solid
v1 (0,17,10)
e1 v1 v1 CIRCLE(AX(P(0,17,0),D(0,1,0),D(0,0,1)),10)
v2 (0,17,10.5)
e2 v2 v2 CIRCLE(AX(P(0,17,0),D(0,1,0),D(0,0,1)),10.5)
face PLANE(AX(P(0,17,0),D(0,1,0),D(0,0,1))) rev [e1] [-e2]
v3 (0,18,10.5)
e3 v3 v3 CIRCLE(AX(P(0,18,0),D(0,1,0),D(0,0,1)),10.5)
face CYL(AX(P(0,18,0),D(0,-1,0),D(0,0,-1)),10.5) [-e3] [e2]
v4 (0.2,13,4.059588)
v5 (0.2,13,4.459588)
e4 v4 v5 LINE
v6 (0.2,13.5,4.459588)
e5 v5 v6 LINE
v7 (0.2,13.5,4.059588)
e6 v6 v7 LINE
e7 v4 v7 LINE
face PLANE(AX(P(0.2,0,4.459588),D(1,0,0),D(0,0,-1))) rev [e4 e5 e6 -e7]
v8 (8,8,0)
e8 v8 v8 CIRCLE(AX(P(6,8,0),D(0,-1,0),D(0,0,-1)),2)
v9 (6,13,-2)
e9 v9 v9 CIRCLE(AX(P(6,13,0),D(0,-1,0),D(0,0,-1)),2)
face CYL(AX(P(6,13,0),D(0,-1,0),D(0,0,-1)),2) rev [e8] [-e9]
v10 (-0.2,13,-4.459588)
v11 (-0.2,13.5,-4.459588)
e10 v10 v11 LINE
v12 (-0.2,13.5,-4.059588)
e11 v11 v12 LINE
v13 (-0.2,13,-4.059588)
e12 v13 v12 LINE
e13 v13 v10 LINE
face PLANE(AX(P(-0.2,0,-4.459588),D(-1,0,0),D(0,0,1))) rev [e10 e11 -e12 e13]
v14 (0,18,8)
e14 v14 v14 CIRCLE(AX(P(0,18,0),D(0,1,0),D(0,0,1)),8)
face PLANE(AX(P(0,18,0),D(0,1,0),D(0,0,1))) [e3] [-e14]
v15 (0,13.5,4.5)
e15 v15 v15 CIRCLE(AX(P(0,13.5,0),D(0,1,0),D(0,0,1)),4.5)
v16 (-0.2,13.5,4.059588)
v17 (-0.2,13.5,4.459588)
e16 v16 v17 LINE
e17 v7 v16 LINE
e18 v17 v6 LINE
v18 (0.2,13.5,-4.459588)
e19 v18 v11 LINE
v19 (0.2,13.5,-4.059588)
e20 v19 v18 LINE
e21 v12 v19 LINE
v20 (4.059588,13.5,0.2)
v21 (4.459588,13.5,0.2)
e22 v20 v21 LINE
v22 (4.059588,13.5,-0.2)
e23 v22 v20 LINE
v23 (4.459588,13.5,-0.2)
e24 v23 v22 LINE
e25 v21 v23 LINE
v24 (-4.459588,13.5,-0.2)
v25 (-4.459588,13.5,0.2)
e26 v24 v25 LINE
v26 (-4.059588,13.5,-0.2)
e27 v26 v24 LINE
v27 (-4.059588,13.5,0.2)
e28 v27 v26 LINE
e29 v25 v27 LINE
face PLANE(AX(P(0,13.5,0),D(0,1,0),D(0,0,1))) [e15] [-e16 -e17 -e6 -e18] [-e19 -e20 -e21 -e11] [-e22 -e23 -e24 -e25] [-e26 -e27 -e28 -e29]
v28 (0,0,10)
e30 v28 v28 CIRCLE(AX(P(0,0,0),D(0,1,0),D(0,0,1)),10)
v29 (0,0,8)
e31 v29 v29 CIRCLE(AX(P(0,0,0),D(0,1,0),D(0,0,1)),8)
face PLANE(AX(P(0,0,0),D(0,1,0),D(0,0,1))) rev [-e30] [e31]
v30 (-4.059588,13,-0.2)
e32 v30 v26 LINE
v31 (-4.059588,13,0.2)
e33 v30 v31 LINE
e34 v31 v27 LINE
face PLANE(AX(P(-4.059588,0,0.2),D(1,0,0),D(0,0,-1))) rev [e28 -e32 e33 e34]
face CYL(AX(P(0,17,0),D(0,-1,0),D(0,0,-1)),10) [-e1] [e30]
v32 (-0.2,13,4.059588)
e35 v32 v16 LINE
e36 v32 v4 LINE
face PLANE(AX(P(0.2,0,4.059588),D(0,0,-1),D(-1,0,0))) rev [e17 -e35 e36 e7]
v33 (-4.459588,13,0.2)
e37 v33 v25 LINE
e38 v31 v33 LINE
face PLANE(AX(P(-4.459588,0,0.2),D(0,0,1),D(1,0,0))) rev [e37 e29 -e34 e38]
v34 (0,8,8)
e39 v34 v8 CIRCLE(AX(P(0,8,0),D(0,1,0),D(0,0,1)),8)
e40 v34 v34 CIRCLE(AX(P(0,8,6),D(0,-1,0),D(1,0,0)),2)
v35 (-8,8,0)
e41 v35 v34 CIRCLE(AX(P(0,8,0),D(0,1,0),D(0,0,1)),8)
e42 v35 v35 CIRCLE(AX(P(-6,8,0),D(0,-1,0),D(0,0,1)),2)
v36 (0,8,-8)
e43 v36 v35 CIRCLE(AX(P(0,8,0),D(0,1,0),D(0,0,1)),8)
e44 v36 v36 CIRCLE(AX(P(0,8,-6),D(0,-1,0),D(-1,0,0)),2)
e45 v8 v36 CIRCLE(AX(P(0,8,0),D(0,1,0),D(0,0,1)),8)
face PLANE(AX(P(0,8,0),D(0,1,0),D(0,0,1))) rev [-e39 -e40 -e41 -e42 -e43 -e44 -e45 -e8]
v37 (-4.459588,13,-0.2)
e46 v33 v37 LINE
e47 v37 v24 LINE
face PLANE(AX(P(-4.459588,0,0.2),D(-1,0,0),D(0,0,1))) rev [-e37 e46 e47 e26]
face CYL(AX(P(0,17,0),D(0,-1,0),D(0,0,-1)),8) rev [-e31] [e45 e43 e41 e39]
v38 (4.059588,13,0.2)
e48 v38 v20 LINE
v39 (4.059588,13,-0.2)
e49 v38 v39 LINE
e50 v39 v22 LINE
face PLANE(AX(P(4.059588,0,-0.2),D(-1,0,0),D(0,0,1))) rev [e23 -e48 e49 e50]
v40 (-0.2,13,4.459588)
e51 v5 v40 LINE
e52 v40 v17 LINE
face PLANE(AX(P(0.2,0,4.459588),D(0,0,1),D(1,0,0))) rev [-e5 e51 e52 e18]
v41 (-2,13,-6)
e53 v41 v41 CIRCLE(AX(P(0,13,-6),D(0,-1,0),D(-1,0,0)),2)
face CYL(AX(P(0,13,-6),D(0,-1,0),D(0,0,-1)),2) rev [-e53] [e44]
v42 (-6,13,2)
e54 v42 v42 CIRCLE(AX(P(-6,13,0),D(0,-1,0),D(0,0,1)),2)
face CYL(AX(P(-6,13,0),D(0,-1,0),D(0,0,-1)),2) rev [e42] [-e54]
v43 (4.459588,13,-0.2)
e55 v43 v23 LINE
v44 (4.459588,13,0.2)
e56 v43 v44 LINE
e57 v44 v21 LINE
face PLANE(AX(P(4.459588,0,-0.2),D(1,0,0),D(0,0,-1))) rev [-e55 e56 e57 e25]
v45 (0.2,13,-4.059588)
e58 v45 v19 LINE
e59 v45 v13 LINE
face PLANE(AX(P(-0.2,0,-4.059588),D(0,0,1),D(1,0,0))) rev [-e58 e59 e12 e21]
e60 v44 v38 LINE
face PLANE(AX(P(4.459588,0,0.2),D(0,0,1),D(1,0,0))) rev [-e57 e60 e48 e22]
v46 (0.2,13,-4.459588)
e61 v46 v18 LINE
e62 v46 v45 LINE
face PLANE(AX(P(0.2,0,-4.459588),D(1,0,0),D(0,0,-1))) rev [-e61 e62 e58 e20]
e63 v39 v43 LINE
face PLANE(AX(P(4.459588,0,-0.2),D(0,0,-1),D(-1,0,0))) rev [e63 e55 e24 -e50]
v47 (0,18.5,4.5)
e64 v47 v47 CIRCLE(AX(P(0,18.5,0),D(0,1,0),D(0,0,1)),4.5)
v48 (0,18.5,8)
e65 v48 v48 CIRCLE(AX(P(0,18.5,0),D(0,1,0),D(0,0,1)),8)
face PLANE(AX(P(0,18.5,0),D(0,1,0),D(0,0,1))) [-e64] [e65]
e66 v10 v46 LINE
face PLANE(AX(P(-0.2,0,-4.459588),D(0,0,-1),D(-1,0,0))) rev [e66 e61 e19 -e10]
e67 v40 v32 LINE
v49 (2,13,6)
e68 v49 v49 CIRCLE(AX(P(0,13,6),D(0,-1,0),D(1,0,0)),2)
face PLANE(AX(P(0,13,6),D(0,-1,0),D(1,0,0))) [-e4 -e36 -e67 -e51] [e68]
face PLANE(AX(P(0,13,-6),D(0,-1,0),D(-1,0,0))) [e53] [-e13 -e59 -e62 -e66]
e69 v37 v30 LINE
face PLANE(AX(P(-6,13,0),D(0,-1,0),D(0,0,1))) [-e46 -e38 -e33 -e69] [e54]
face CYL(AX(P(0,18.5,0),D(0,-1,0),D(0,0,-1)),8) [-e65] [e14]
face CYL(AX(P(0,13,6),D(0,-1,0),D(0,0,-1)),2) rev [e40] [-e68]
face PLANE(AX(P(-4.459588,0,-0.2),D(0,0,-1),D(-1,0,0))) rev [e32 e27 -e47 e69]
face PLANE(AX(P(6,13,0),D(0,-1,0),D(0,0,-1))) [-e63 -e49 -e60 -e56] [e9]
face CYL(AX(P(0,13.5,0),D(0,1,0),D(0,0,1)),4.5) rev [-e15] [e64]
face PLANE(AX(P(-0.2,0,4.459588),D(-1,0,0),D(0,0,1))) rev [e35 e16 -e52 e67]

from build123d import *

# Parameters (mm, degrees)
SKETCH1_R          = 10
SKETCH1_R_2        = 8
EXTRUDE1_DEPTH     = 17
EXTRUDE3_START     = -9
SKETCH2_R          = 8
EXTRUDE3_DEPTH     = 10.5
SKETCH3_R          = 10.5
EXTRUDE4_DEPTH     = 1
SKETCH4_R          = 4.5
CUT_EXTRUDE1_DEPTH = 5
SKETCH6_R          = 2
CUT_EXTRUDE4_DEPTH = 5
CIRPATTERN1_COUNT  = 4
SKETCH7_W          = 0.4
SKETCH7_H          = 0.4
CUT_EXTRUDE5_DEPTH = 14.5
CIRPATTERN2_COUNT  = 4


with BuildPart() as part:
    # Sketch1 → Extrude1 (new body)
    with BuildSketch(Plane(origin=(0, 0, 0), x_dir=(1, 0, 0), z_dir=(0, 1, 0))):
        Circle(SKETCH1_R)
        Circle(SKETCH1_R_2, mode=Mode.SUBTRACT)
    extrude(amount=EXTRUDE1_DEPTH)

    # Sketch2 → Extrude3 (add)
    with BuildSketch(Plane(origin=(0, 17, 0), x_dir=(-1, 0, 0), z_dir=(0, 1, 0)).offset(EXTRUDE3_START)):
        Circle(SKETCH2_R)
    extrude(amount=EXTRUDE3_DEPTH)

    # Sketch3 → Extrude4 (add)
    with BuildSketch(Plane(origin=(0, 17, 0), x_dir=(-1, 0, 0), z_dir=(0, 1, 0))):
        Circle(SKETCH3_R)
    extrude(amount=EXTRUDE4_DEPTH)

    # Sketch4 → Cut-Extrude1 (cut)
    with BuildSketch(Plane(origin=(0, 18.5, 0), x_dir=(-1, 0, 0), z_dir=(0, 1, 0))):
        Circle(SKETCH4_R)
    extrude(amount=-CUT_EXTRUDE1_DEPTH, mode=Mode.SUBTRACT)

    # Sketch6 → Cut-Extrude4 (cut)
    with BuildSketch(Plane.XZ.offset(-8)):
        with Locations((6, 0)):
            Circle(SKETCH6_R)
    cut_extrude4 = extrude(amount=-CUT_EXTRUDE4_DEPTH, mode=Mode.SUBTRACT)

    # CirPattern1: Cut-Extrude4 ×4 about axis
    cirpattern1_axis = Axis((0, 0, 0), (0, 1, 0))
    for i in range(1, CIRPATTERN1_COUNT):
        add(cut_extrude4.rotate(cirpattern1_axis, i * 360 / CIRPATTERN1_COUNT), mode=Mode.SUBTRACT)

    # Sketch7 → Cut-Extrude5 (cut, through all)
    with BuildSketch(Plane(origin=(0, 13.5, 0), x_dir=(-1, 0, 0), z_dir=(0, 1, 0))):
        with Locations((-4.259587971, 0)):
            Rectangle(SKETCH7_W, SKETCH7_H)
    cut_extrude5 = extrude(amount=-CUT_EXTRUDE5_DEPTH, mode=Mode.SUBTRACT)

    # CirPattern2: Cut-Extrude5 ×4 about axis
    cirpattern2_axis = Axis((0, 0, 0), (0, 1, 0))
    for i in range(1, CIRPATTERN2_COUNT):
        add(cut_extrude5.rotate(cirpattern2_axis, i * 360 / CIRPATTERN2_COUNT), mode=Mode.SUBTRACT)


solid = part.part
